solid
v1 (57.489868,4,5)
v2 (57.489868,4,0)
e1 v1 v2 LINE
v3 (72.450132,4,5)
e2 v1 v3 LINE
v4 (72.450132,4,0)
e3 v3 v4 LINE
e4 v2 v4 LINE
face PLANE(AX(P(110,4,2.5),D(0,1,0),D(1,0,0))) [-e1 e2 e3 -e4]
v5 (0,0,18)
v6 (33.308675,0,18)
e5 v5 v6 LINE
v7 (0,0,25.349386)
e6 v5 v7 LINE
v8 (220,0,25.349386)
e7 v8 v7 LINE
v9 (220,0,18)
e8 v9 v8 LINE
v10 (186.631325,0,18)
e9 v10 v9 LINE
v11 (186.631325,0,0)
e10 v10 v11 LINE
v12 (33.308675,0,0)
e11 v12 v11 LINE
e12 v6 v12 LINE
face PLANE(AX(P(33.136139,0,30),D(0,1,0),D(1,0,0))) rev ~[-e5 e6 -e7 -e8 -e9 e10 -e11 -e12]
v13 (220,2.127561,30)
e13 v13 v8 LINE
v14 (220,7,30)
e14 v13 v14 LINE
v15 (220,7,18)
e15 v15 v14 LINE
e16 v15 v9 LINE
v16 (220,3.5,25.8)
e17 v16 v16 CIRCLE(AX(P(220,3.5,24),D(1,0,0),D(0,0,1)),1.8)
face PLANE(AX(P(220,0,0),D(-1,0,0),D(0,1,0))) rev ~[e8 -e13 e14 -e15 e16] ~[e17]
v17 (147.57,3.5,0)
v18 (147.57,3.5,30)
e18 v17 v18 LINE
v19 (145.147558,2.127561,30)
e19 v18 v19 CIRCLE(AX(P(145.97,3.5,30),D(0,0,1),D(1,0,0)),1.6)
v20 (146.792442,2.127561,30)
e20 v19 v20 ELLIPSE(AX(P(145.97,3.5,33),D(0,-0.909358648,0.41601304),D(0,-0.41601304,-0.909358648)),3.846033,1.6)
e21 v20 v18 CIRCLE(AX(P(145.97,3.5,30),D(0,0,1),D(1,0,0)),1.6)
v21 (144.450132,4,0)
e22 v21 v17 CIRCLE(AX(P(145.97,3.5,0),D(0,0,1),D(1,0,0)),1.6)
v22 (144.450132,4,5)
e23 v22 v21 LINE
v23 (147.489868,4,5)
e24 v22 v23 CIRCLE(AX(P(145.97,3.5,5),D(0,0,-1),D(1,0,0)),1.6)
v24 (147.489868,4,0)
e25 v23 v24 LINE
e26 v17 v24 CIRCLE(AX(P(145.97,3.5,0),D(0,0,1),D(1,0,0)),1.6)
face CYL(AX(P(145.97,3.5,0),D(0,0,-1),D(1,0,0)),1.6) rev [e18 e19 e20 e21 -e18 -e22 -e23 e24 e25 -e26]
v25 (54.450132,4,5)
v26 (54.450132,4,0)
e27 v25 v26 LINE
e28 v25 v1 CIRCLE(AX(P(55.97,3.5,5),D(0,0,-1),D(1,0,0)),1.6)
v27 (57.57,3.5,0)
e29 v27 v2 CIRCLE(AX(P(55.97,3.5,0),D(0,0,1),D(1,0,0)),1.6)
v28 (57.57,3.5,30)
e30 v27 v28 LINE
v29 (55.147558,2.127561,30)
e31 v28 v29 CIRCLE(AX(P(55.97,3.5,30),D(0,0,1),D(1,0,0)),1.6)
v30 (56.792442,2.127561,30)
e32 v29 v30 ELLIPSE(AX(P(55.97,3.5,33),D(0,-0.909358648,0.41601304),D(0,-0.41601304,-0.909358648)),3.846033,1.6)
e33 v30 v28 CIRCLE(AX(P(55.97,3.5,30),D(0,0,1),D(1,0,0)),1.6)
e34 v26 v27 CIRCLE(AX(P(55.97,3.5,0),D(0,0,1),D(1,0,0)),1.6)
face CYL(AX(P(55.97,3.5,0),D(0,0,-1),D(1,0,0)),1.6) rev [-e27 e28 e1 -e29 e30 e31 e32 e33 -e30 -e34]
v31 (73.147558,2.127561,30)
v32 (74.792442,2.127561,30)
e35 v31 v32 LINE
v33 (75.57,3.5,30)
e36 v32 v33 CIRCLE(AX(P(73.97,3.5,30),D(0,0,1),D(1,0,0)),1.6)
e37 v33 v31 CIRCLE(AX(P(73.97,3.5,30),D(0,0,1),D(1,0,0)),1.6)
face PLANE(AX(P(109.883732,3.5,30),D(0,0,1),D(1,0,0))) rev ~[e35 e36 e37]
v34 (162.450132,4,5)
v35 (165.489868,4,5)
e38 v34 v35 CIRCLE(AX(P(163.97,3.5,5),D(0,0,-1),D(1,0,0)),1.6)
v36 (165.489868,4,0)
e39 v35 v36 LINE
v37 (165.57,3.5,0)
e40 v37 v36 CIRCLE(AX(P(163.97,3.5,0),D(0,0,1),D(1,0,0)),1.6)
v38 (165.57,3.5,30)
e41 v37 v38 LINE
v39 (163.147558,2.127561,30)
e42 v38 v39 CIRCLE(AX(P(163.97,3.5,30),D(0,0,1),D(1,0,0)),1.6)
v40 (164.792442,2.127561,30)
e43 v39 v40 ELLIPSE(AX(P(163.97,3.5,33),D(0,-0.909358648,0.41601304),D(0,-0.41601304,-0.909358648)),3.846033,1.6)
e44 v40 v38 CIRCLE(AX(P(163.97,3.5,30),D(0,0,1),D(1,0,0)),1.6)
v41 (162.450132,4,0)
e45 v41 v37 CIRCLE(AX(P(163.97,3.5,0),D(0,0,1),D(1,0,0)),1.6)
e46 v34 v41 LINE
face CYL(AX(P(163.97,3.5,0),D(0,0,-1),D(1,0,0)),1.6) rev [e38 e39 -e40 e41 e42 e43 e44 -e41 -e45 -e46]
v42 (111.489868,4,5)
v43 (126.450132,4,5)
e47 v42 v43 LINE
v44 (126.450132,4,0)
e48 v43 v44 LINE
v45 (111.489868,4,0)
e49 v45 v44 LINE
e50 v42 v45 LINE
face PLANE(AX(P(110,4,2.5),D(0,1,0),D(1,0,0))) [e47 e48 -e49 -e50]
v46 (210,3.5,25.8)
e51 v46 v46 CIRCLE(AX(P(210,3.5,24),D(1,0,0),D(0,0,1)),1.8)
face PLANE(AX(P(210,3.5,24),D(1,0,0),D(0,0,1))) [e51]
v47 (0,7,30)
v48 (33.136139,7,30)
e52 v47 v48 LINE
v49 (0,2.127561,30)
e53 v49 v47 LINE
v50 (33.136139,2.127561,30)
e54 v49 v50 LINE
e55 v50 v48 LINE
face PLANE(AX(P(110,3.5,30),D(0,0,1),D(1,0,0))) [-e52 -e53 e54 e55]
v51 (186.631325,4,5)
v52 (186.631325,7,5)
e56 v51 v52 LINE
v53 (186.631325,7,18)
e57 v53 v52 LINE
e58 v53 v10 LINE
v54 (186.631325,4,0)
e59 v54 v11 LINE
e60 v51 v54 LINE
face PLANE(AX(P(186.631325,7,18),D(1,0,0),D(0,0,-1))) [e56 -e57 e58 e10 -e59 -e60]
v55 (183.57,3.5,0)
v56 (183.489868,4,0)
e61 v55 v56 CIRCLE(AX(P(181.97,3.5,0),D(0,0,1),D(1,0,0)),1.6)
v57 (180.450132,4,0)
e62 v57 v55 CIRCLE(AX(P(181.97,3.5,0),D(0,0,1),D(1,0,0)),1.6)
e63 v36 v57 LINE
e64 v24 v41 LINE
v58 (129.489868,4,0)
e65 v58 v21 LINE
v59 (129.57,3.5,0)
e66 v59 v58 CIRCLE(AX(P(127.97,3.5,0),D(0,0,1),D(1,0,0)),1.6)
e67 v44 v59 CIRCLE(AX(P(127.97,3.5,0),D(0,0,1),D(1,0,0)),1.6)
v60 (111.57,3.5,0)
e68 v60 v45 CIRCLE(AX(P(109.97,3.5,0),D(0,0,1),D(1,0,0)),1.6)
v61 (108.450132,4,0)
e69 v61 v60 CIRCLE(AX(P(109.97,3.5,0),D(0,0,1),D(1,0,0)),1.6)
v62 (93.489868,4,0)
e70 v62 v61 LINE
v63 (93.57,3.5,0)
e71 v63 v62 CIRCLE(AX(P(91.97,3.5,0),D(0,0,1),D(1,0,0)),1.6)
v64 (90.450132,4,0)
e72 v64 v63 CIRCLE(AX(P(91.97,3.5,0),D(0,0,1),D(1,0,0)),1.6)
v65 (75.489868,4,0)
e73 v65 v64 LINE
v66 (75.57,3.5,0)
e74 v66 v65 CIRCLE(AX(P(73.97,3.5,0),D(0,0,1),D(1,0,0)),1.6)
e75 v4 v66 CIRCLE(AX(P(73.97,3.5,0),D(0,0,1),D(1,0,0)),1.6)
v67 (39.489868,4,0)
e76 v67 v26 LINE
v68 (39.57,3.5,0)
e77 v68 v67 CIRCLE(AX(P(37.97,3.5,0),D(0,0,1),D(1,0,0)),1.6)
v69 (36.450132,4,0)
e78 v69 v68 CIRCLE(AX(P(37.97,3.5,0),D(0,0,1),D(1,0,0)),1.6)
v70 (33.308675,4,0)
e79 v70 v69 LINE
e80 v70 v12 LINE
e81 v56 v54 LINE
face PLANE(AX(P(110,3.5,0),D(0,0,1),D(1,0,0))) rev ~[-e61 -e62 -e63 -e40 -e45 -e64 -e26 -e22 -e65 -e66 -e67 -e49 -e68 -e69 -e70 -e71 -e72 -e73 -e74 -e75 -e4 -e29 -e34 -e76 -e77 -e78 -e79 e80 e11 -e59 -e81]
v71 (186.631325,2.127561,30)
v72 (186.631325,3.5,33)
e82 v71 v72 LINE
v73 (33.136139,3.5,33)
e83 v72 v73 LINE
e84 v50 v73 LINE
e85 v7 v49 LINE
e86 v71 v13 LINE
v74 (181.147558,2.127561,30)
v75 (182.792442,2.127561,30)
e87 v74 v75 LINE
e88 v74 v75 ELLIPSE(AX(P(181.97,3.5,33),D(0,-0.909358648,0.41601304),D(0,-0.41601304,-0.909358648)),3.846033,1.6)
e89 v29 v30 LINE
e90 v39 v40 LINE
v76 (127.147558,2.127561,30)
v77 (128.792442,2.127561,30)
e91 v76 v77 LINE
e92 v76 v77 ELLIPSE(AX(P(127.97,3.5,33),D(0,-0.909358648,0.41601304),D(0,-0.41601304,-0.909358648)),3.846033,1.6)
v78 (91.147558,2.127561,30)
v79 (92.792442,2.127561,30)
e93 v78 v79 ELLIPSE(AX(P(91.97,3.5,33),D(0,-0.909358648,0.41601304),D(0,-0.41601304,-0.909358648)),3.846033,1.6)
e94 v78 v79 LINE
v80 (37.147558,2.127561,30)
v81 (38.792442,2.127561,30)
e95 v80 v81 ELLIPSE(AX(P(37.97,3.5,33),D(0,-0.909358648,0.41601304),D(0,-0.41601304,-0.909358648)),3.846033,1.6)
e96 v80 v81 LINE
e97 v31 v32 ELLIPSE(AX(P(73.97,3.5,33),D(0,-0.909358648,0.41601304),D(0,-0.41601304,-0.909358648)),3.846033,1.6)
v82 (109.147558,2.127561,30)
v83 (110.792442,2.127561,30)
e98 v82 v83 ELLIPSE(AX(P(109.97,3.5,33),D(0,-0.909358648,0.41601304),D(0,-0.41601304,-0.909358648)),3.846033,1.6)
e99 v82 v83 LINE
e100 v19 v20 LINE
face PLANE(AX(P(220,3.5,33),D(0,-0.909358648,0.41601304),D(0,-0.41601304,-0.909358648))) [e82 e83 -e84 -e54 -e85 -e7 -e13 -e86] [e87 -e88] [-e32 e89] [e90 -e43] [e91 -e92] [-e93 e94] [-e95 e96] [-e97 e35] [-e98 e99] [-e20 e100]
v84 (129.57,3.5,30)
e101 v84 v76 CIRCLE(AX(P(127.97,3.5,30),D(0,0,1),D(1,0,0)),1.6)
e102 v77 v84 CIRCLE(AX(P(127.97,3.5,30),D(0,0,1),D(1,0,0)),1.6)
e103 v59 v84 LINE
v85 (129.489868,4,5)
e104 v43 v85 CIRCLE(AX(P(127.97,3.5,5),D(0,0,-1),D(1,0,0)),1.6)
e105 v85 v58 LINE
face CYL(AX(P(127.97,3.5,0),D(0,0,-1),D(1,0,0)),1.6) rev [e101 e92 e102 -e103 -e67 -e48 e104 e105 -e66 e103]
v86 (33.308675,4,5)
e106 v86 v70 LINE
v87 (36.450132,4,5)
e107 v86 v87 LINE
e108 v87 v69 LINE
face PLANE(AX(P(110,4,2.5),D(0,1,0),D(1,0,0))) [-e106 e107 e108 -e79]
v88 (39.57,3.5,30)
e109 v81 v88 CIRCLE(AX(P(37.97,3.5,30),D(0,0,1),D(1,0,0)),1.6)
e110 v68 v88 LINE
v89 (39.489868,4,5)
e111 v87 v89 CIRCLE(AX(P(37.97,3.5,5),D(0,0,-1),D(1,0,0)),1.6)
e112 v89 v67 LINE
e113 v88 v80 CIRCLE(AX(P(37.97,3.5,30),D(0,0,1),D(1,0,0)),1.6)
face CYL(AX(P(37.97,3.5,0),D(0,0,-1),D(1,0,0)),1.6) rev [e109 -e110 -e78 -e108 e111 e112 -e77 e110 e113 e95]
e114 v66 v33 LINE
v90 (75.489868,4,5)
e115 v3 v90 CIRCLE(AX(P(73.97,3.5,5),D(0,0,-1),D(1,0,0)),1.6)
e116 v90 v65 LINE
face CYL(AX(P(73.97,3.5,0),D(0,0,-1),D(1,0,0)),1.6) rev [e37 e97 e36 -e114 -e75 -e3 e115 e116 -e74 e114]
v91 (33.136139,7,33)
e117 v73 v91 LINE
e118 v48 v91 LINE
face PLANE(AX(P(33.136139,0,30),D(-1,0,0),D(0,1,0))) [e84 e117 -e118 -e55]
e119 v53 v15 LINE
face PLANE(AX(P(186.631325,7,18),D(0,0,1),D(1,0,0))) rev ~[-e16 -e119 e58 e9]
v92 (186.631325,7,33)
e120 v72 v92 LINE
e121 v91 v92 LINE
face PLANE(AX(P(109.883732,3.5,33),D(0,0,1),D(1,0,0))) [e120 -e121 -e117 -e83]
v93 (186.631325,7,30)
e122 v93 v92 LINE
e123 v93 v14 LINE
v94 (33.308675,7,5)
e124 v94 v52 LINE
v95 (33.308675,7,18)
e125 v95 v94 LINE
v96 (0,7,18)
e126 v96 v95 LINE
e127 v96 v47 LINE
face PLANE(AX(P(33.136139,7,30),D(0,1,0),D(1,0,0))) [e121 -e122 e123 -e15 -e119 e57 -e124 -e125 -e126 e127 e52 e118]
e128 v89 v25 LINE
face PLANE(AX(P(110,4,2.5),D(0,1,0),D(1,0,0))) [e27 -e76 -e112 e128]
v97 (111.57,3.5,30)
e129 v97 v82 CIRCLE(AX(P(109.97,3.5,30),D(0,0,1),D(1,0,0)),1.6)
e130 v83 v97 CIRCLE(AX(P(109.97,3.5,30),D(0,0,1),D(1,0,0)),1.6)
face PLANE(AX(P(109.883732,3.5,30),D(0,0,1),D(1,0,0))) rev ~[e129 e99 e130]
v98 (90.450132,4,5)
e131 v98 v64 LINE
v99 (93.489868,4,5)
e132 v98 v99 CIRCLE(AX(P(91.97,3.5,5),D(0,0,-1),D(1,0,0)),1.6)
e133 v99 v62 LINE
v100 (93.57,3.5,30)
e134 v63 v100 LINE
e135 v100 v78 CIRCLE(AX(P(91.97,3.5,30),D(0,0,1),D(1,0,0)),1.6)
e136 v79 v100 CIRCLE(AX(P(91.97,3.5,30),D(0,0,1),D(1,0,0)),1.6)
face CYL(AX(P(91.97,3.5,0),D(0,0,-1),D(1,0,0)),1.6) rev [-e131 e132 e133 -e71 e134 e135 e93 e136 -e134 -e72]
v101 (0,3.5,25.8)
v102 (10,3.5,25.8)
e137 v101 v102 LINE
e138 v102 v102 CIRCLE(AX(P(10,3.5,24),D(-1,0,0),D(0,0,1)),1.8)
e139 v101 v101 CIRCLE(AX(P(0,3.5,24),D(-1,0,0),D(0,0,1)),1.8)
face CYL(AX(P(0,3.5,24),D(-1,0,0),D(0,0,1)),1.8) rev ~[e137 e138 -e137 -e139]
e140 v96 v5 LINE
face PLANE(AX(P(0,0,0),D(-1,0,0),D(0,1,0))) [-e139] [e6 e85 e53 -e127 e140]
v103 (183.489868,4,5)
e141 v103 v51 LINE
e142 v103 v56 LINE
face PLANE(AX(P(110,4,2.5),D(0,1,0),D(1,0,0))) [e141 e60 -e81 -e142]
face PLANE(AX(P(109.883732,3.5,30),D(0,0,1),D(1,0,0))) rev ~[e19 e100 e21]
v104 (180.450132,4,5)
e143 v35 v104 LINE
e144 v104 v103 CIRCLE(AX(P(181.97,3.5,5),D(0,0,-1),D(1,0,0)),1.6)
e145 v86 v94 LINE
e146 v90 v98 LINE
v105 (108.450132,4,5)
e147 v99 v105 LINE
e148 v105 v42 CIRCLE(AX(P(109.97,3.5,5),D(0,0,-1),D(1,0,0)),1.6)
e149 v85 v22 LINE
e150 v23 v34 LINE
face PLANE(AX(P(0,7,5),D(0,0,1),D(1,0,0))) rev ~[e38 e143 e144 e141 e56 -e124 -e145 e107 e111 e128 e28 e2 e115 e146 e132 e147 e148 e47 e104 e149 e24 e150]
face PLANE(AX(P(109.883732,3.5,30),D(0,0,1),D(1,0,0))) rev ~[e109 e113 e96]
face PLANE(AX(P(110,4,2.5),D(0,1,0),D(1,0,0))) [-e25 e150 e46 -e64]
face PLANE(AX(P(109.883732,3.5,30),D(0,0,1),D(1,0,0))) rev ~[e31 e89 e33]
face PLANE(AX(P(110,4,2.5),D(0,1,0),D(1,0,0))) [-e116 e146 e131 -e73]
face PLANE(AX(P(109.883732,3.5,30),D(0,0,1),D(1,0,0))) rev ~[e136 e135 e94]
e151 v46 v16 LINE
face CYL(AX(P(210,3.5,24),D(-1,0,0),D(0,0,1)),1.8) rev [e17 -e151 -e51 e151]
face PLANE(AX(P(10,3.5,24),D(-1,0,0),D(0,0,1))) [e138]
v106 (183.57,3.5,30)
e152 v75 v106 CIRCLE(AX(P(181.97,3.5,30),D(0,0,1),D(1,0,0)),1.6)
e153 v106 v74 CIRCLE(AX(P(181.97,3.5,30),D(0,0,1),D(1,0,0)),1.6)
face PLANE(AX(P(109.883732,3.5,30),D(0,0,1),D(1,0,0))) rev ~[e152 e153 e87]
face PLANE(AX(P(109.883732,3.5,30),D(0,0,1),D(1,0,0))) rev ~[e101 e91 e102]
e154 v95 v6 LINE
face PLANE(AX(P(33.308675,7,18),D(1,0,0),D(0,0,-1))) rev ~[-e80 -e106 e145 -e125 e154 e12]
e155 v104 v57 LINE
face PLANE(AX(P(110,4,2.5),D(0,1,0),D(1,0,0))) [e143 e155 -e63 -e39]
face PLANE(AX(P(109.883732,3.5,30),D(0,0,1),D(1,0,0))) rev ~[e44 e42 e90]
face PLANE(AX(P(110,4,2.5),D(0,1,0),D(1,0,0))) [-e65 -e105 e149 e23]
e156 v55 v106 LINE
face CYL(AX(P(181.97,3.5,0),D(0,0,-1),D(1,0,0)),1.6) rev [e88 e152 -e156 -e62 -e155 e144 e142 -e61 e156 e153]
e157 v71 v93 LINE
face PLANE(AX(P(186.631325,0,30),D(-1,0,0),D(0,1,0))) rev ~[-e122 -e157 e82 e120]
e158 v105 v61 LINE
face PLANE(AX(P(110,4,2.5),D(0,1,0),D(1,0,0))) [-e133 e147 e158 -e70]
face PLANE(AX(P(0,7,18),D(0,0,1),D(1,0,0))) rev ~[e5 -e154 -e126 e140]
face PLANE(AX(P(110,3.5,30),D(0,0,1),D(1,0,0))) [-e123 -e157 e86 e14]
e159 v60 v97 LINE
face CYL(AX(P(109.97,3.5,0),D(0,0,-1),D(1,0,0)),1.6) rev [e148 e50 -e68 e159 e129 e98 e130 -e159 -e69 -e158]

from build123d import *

# Parameters (mm, degrees)
SKETCH_1_W          = 220
SKETCH_1_H          = 7
SKETCH_1_R          = 1.6
EXTRUDE_1_DEPTH     = 30
SKETCH_2_W          = 220
SKETCH_2_H          = 5
CUT_EXTRUDE_1_DEPTH = 3
SKETCH_3_W          = 33.308675227
SKETCH_3_H          = 18
SKETCH_3_W_2        = 33.368675227
CUT_EXTRUDE_2_DEPTH = 223.146348158
SKETCH_6_W          = 153.495185447
SKETCH_6_H          = 7
EXTRUDE_2_DEPTH     = 3
SKETCH_7_R          = 1.8
CUT_EXTRUDE_3_DEPTH = 10
CUT_EXTRUDE_START   = -10
SKETCH_8_R          = 1.8
CUT_EXTRUDE_4_DEPTH = 10
CUT_EXTRUDE_5_DEPTH = 223.571336879


with BuildPart() as part:
    # Эскиз1 → Бобышка-Вытянуть1 (new body)
    with BuildSketch(Plane.XY):
        with Locations((110, 3.5)):
            Rectangle(SKETCH_1_W, SKETCH_1_H)
        with Locations((37.97, 3.5)):
            Circle(SKETCH_1_R, mode=Mode.SUBTRACT)
        with Locations((55.97, 3.5)):
            Circle(SKETCH_1_R, mode=Mode.SUBTRACT)
        with Locations((73.97, 3.5)):
            Circle(SKETCH_1_R, mode=Mode.SUBTRACT)
        with Locations((91.97, 3.5)):
            Circle(SKETCH_1_R, mode=Mode.SUBTRACT)
        with Locations((109.97, 3.5)):
            Circle(SKETCH_1_R, mode=Mode.SUBTRACT)
        with Locations((127.97, 3.5)):
            Circle(SKETCH_1_R, mode=Mode.SUBTRACT)
        with Locations((145.97, 3.5)):
            Circle(SKETCH_1_R, mode=Mode.SUBTRACT)
        with Locations((163.97, 3.5)):
            Circle(SKETCH_1_R, mode=Mode.SUBTRACT)
        with Locations((181.97, 3.5)):
            Circle(SKETCH_1_R, mode=Mode.SUBTRACT)
    extrude(amount=EXTRUDE_1_DEPTH)

    # Эскиз2 → Вырез-Вытянуть1 (cut)
    with BuildSketch(Plane(origin=(0, 7, 0), x_dir=(1, 0, 0), z_dir=(0, 1, 0))):
        with Locations((110, -2.5)):
            Rectangle(SKETCH_2_W, SKETCH_2_H)
    extrude(amount=-CUT_EXTRUDE_1_DEPTH, mode=Mode.SUBTRACT)

    # Эскиз3 → Вырез-Вытянуть2 (cut, through all)
    with BuildSketch(Plane(origin=(0, 7, 0), x_dir=(1, 0, 0), z_dir=(0, 1, 0))):
        with Locations((16.654337614, -9)):
            Rectangle(SKETCH_3_W, SKETCH_3_H)
        with Locations((203.315662387, -9)):
            Rectangle(SKETCH_3_W_2, SKETCH_3_H)
    extrude(amount=-CUT_EXTRUDE_2_DEPTH, mode=Mode.SUBTRACT)

    # Эскиз6 → Бобышка-Вытянуть2 (add)
    with BuildSketch(Plane.XY.offset(30)):
        with Locations((109.88373205, 3.5)):
            Rectangle(SKETCH_6_W, SKETCH_6_H)
    extrude(amount=EXTRUDE_2_DEPTH)

    # Эскиз7 → Вырез-Вытянуть3 (cut)
    with BuildSketch(Plane.ZY):
        with Locations((24, 3.5)):
            Circle(SKETCH_7_R)
    extrude(amount=-CUT_EXTRUDE_3_DEPTH, mode=Mode.SUBTRACT)

    # Эскиз8 → Вырез-Вытянуть4 (cut)
    with BuildSketch(Plane(origin=(220, 0, 0), x_dir=(0, 0, -1), z_dir=(1, 0, 0)).offset(CUT_EXTRUDE_START)):
        with Locations(Location((-24, 3.5, 0), (0, 0, 180))):
            Circle(SKETCH_8_R)
    extrude(amount=CUT_EXTRUDE_4_DEPTH, mode=Mode.SUBTRACT)

    # Эскиз9 → Вырез-Вытянуть5 (cut, through all)
    with BuildSketch(Plane(origin=(220, 0, 0), x_dir=(0, 0, -1), z_dir=(1, 0, 0))):
        Polygon((-33, 0), (-33, 3.5), (-25.349385808, 0), align=None)
    extrude(amount=-CUT_EXTRUDE_5_DEPTH, mode=Mode.SUBTRACT)


solid = part.part
